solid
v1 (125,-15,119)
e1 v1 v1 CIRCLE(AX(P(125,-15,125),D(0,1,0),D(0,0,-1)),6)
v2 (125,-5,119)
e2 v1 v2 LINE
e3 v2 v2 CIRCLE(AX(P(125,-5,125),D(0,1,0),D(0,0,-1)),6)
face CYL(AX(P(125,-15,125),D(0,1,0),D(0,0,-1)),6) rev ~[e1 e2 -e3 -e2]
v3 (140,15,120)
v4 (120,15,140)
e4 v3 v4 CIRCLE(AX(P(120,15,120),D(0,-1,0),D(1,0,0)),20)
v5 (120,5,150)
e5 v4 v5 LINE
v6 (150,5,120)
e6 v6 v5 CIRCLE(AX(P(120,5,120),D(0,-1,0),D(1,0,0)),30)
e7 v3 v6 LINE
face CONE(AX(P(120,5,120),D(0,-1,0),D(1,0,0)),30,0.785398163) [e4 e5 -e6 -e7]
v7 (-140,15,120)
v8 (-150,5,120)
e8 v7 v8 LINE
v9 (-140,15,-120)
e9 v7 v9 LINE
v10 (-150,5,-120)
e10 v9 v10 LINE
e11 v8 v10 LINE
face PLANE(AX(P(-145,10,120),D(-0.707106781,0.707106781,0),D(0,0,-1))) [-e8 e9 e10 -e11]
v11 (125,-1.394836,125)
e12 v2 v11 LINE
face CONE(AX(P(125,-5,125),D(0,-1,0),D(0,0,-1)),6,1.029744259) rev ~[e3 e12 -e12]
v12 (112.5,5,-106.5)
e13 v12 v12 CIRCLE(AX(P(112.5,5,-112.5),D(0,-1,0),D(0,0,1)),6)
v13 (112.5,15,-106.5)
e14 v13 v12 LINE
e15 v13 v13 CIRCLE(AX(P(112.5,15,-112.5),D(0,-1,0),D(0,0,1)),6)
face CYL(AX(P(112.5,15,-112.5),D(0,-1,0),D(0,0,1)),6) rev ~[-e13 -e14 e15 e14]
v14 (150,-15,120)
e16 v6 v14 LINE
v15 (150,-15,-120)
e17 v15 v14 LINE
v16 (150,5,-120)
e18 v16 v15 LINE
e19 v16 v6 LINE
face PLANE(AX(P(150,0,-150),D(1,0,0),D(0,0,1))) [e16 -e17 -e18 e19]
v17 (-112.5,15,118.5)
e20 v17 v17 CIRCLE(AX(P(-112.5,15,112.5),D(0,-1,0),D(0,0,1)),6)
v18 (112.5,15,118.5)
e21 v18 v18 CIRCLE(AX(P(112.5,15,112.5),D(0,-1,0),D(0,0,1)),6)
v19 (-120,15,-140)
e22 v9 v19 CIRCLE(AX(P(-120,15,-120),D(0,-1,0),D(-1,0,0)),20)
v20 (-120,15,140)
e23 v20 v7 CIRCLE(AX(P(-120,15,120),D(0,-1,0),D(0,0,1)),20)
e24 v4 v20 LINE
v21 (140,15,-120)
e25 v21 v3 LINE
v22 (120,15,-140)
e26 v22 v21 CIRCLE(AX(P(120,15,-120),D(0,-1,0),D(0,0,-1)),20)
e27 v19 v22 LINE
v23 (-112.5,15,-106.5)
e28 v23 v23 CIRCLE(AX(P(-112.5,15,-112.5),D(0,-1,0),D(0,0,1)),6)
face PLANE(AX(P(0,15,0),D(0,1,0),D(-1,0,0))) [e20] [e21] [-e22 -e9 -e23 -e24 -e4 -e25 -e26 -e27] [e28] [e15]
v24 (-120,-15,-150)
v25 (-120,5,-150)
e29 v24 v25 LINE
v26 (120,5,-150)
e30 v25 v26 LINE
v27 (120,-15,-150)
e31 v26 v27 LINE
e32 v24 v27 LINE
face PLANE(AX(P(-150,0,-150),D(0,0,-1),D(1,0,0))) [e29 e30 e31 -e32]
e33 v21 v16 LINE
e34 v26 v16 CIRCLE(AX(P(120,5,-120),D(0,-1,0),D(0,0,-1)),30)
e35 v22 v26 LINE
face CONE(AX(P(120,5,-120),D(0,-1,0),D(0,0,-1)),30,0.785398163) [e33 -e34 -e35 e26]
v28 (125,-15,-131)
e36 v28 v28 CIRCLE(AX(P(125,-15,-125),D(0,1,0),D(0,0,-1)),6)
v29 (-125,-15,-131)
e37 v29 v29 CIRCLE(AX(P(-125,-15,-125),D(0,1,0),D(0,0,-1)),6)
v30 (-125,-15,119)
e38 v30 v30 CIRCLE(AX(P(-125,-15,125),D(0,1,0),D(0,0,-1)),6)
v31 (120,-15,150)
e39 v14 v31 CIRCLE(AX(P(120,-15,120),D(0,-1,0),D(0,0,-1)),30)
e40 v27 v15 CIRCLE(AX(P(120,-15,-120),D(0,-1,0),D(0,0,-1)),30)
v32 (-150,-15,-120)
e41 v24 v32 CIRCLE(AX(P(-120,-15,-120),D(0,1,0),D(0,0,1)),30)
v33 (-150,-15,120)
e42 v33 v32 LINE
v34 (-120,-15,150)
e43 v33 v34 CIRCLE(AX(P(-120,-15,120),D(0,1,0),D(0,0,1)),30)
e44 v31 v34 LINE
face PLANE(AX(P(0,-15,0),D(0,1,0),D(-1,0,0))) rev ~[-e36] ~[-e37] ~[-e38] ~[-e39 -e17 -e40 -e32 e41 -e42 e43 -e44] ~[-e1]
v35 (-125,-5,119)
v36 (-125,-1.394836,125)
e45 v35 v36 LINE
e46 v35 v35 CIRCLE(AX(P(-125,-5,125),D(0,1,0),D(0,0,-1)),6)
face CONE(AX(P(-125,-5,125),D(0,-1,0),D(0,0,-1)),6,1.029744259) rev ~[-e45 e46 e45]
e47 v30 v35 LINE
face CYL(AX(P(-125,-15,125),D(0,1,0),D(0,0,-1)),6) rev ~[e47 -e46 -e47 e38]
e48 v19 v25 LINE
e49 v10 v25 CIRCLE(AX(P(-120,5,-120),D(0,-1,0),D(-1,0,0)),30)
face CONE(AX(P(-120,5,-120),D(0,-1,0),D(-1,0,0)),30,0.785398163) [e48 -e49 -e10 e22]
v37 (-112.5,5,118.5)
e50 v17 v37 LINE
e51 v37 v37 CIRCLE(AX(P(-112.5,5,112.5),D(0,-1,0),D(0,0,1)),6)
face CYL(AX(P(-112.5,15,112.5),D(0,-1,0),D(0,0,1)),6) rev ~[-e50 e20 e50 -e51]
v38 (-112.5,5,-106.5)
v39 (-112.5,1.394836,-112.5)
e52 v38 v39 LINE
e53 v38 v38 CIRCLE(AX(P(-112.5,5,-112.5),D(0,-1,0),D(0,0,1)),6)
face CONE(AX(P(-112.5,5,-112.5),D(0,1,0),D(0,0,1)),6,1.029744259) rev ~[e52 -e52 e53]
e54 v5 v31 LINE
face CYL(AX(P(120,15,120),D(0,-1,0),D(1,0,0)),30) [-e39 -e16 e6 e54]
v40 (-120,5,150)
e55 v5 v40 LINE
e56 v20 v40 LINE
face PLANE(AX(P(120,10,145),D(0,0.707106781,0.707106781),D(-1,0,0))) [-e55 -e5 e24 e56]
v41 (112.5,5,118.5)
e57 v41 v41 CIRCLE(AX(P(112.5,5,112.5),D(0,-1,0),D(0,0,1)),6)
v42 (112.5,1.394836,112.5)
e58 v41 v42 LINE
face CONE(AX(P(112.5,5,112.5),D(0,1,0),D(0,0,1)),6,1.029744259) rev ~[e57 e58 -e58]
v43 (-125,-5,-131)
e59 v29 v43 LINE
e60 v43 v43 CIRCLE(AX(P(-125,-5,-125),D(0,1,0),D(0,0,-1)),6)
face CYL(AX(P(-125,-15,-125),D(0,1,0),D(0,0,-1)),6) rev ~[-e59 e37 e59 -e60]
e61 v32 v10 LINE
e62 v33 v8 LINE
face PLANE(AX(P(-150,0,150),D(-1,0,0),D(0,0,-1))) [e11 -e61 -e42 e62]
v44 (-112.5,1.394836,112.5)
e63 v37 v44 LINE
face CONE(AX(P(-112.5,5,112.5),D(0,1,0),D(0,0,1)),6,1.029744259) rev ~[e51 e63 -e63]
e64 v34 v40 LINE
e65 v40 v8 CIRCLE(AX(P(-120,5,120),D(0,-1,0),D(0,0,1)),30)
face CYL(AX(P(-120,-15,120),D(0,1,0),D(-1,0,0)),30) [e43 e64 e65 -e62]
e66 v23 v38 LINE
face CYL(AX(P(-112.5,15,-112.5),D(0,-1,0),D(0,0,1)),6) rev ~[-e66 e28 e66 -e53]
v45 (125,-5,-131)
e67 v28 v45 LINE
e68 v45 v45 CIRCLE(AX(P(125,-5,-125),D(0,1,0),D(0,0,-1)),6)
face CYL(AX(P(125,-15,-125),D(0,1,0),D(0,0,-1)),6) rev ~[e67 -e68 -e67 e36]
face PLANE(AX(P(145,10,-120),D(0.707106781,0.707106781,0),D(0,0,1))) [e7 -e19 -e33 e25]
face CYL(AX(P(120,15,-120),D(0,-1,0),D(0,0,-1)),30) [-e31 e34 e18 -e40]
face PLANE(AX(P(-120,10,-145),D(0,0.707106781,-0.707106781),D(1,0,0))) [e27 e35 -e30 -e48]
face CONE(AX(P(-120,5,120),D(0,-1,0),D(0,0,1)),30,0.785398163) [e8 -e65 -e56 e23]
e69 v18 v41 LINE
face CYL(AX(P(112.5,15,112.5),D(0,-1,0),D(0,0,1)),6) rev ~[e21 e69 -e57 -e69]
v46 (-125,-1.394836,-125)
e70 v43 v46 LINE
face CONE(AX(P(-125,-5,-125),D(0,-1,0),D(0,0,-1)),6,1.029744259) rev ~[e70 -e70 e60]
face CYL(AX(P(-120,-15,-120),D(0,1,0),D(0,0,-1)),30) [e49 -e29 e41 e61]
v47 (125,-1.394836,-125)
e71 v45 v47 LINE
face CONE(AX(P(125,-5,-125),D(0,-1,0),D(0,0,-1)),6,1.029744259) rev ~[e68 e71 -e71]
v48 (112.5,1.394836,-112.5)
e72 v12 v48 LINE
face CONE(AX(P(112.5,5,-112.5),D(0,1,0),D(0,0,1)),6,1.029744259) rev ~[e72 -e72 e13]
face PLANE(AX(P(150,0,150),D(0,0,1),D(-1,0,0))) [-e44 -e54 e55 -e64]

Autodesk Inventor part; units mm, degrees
ref_plane "YZ Plane" through (0, 0, 0) normal (1, 0, 0) x (0, 1, 0)
ref_plane "XZ Plane" through (0, 0, 0) normal (0, 1, 0) x (-1, 0, 0)
ref_plane "XY Plane" through (0, 0, 0) normal (0, 0, 1) x (1, 0, 0)
sketch "草圖1" plane through (0, 0, 0) normal (0, 1, 0) x (-1, 0, 0)
  line L0 (150, -150) -> (-150, -150)
  line L1 (-150, -150) -> (-150, 150)
  line L2 (-150, 150) -> (150, 150)
  line L3 (150, 150) -> (150, -150)
  point P0 (0, 0)
  point P1 (-150, 0)
  point P2 (0, -150)
  dimension "d0" = 300
  dimension "d1" = 300
extrude "擠出1" add sketch "草圖1" along normal mid plane 30
fillet "圓角1" radius 30 4 edges at (150, 0, 150) (150, 0, -150) (-150, 0, -150) (-150, 0, 150)
chamfer "倒角1" distance 10 angle 45 8 edges at (0, 15, 150) (141.2132, 15, 141.2132) (150, 15, 0) (141.2132, 15, -141.2132) (0, 15, -150) (-141.2132, 15, -141.2132) (-150, 15, 0) (-141.2132, 15, 141.2132)
sketch "草圖2" plane through (0, 15, 0) normal (0, 1, 0) x (1, 0, 0)
  line L0 (-112.5, 112.5) -> (112.5, 112.5) construction
  line L1 (112.5, 112.5) -> (112.5, -112.5) construction
  line L2 (112.5, -112.5) -> (-112.5, -112.5) construction
  line L3 (-112.5, -112.5) -> (-112.5, 112.5) construction
  point P0 (0, 0)
  point P1 (112.5, 0)
  point P2 (0, 112.5)
  dimension "d8" = 225
  dimension "d9" = 225
hole "孔1" at (-112.5, 15, -112.5) at (112.5, 15, -112.5) at (-112.5, 15, 112.5) at (112.5, 15, 112.5) direction (0, -1, 0) diameter 12 depth 10 tip angle 118
sketch "草圖3" plane through (0, -15, 0) normal (0, -1, 0) x (1, 0, 0)
  line L0 (125, 125) -> (-125, 125) construction
  line L1 (-125, 125) -> (-125, -125) construction
  line L2 (-125, -125) -> (125, -125) construction
  line L3 (125, -125) -> (125, 125) construction
  point P0 (0, 0)
  point P1 (0, -125)
  point P2 (125, 0)
  dimension "d19" = 250
  dimension "d20" = 250
hole "孔2" at (125, -15, 125) at (125, -15, -125) at (-125, -15, 125) at (-125, -15, -125) direction (0, 1, 0) diameter 12 depth 10 tip angle 118
properties part number "2-2-5"
